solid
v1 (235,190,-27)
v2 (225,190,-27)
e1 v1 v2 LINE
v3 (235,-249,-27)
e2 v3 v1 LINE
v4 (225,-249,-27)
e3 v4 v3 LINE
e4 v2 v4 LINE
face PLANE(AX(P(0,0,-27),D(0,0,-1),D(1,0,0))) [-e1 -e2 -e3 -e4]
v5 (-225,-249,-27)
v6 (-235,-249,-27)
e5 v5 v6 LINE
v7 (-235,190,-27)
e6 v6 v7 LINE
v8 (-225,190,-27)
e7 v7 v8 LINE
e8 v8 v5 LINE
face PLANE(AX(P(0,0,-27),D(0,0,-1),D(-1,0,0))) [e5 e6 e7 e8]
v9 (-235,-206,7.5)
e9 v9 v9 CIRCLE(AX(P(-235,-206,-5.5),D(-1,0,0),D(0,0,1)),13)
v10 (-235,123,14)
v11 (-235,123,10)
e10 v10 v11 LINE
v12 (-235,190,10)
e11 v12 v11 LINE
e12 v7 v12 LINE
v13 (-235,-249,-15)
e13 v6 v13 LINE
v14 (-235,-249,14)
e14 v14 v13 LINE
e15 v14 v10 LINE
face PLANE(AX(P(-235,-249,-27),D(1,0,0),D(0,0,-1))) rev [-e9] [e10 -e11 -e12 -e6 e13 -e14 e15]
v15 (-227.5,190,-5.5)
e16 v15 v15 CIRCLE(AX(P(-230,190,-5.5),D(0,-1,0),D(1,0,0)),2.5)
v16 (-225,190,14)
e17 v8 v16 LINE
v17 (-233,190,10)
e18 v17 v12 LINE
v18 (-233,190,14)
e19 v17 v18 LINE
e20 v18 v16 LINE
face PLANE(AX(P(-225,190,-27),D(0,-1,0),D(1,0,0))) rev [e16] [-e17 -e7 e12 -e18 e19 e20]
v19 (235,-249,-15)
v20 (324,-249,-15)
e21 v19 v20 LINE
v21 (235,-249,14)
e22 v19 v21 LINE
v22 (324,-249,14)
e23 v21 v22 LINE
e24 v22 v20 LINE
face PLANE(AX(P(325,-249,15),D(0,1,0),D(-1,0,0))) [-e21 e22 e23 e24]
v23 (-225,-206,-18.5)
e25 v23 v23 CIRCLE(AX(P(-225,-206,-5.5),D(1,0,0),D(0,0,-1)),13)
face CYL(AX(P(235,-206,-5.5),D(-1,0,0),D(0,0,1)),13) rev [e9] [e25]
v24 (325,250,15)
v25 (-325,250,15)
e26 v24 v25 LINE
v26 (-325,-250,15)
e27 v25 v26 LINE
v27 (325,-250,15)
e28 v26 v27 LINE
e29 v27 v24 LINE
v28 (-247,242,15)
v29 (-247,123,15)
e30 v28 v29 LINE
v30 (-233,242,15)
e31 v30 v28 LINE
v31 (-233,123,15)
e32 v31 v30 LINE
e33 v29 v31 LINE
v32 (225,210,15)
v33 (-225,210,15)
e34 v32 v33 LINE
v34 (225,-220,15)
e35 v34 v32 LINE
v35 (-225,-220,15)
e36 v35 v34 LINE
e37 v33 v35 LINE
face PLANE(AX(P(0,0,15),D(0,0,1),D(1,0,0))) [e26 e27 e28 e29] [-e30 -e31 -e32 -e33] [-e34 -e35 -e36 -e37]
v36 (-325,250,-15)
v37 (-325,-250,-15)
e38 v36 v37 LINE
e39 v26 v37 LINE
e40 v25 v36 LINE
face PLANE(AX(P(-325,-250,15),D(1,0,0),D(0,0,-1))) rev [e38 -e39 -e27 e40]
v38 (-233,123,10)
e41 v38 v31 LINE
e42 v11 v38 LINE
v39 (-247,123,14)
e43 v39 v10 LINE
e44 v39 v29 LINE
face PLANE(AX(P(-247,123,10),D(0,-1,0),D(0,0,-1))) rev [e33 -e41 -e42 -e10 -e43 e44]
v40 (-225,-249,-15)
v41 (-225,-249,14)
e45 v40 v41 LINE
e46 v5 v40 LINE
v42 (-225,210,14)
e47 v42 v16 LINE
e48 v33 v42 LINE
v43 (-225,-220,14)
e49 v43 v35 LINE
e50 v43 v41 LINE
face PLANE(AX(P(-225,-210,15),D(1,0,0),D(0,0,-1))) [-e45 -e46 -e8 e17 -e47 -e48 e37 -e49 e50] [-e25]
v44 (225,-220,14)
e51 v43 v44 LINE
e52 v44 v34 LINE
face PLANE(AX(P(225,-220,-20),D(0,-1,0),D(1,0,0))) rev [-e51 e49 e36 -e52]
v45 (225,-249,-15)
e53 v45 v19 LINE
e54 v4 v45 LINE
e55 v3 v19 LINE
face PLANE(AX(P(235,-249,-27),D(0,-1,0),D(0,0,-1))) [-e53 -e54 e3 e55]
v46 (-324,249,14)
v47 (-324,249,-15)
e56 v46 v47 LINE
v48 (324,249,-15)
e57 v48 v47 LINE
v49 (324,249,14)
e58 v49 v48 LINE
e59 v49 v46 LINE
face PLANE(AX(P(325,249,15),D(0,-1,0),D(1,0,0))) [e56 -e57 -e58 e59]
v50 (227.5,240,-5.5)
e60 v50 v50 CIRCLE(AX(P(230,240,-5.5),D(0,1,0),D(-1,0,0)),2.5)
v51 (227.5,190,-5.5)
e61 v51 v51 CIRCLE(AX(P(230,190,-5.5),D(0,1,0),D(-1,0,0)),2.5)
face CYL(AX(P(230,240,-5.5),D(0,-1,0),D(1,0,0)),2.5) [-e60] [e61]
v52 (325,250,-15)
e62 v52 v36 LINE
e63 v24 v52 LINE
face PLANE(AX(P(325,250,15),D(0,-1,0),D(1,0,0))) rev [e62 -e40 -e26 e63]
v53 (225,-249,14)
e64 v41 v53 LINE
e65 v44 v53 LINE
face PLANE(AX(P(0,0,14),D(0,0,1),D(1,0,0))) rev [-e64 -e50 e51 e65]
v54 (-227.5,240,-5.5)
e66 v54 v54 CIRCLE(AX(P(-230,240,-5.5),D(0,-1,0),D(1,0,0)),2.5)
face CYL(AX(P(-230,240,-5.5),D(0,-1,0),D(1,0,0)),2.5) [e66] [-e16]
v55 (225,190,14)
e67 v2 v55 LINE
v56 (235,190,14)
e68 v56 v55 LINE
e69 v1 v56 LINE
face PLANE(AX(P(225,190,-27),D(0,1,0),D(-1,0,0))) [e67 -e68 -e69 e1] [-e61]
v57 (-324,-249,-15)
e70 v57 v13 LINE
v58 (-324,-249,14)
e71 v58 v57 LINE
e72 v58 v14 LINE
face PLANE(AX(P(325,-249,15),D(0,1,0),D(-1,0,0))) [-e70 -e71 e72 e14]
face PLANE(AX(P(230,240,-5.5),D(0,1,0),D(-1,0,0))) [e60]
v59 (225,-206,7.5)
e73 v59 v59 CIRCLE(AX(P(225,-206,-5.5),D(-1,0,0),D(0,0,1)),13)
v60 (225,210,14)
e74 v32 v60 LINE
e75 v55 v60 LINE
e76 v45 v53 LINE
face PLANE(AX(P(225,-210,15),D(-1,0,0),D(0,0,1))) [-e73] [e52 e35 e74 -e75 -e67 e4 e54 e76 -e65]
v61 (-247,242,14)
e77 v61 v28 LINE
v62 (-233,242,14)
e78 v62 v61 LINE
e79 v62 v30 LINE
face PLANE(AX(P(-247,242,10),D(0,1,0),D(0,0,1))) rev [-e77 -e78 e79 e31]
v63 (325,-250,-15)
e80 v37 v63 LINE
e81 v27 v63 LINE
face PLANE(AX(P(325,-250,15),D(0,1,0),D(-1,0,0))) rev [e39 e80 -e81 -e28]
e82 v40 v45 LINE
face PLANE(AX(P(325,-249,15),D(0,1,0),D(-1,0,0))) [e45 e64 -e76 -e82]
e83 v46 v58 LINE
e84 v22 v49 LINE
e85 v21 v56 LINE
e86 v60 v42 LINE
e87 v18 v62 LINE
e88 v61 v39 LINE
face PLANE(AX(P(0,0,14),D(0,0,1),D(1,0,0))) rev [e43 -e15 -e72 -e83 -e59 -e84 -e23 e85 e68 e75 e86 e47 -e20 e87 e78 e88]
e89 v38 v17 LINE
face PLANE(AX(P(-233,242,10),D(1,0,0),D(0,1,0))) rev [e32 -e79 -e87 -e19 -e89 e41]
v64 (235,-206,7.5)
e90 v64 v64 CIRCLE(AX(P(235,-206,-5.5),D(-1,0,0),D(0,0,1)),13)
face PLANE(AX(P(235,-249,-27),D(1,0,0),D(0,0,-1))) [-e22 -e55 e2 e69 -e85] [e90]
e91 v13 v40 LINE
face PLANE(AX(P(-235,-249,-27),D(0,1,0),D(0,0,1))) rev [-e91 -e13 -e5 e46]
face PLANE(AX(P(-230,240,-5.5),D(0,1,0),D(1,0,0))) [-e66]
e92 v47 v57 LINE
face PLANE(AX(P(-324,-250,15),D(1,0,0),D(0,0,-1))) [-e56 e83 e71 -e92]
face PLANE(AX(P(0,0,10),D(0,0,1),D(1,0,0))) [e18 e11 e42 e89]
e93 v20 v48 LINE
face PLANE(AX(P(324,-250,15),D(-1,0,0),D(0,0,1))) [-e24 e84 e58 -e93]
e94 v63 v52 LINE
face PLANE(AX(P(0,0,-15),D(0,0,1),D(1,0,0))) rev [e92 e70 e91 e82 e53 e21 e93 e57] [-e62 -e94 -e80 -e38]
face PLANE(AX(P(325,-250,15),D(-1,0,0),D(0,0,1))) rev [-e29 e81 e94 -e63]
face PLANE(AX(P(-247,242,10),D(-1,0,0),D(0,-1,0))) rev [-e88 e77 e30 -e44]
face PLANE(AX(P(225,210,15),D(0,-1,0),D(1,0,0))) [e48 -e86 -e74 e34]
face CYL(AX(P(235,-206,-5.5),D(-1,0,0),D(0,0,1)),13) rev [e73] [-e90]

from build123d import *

# Parameters (mm, degrees)
SKETCH1_W           = 650
SKETCH1_H           = 500
SKETCH1_W_2         = 450
SKETCH1_H_2         = 420
BOSS_EXTRUDE1_DEPTH = 15
SHELL1_T            = -1
SKETCH3_W           = 450
SKETCH3_H           = 10
CUT_EXTRUDE1_DEPTH  = 20
SKETCH4_W           = 10
SKETCH4_H           = 439
BOSS_EXTRUDE2_DEPTH = 41
SKETCH5_R           = 13
CUT_EXTRUDE2_DEPTH  = 470
SKETCH6_R           = 2.5
BOSS_EXTRUDE3_DEPTH = 50
SKETCH7_W           = 14
SKETCH7_H           = 119
CUT_EXTRUDE3_DEPTH  = 5


with BuildPart() as part:
    # Sketch1 → Boss-Extrude1 (new, symmetric)
    with BuildSketch(Plane.XY):
        Rectangle(SKETCH1_W, SKETCH1_H)
        Rectangle(SKETCH1_W_2, SKETCH1_H_2, mode=Mode.SUBTRACT)
    extrude(amount=BOSS_EXTRUDE1_DEPTH, both=True)

    # Shell1
    shell1_openings = [part.faces().sort_by_distance(p)[0] for p in [
        (0, -241.799390267, -15),
        (-225, 0, 0),
        (0, -210, 0),
        (225, 0, 0),
        (0, 210, 0),
    ]]
    offset(amount=SHELL1_T, openings=shell1_openings, kind=Kind.INTERSECTION)

    # Sketch3 → Cut-Extrude1 (cut, symmetric)
    with BuildSketch(Plane.XY):
        with Locations((0, -215)):
            Rectangle(SKETCH3_W, SKETCH3_H)
    extrude(amount=CUT_EXTRUDE1_DEPTH, both=True, mode=Mode.SUBTRACT)

    # Sketch4 → Boss-Extrude2 (add)
    with BuildSketch(Plane(origin=(0, 0, 14), x_dir=(-1, 0, 0), z_dir=(0, 0, -1))):
        with Locations((230, -29.5)):
            Rectangle(SKETCH4_W, SKETCH4_H)
    boss_extrude2 = extrude(amount=BOSS_EXTRUDE2_DEPTH)

    # Mirror1: Boss-Extrude2 across plane
    add(boss_extrude2.mirror(Plane(origin=(0, 0, 0), x_dir=(0, 0, 1), z_dir=(1, 0, 0))))

    # Sketch5 → Cut-Extrude2 (cut)
    with BuildSketch(Plane.ZY.offset(235)):
        with Locations((-5.5, -206)):
            Circle(SKETCH5_R)
    extrude(amount=-CUT_EXTRUDE2_DEPTH, mode=Mode.SUBTRACT)

    # Sketch6 → Boss-Extrude3 (add)
    with BuildSketch(Plane(origin=(0, 190, 0), x_dir=(1, 0, 0), z_dir=(0, 1, 0))):
        with Locations(Location((230, 5.5, 0), (0, 0, 180))):
            Circle(SKETCH6_R)
    boss_extrude3 = extrude(amount=BOSS_EXTRUDE3_DEPTH)

    # Mirror2: Boss-Extrude3 across plane
    add(boss_extrude3.mirror(Plane(origin=(0, 0, 0), x_dir=(0, 0, 1), z_dir=(1, 0, 0))))

    # Sketch7 → Cut-Extrude3 (cut)
    with BuildSketch(Plane.XY.offset(15)):
        with Locations((-240, 182.5)):
            Rectangle(SKETCH7_W, SKETCH7_H)
    extrude(amount=-CUT_EXTRUDE3_DEPTH, mode=Mode.SUBTRACT)


solid = part.part
